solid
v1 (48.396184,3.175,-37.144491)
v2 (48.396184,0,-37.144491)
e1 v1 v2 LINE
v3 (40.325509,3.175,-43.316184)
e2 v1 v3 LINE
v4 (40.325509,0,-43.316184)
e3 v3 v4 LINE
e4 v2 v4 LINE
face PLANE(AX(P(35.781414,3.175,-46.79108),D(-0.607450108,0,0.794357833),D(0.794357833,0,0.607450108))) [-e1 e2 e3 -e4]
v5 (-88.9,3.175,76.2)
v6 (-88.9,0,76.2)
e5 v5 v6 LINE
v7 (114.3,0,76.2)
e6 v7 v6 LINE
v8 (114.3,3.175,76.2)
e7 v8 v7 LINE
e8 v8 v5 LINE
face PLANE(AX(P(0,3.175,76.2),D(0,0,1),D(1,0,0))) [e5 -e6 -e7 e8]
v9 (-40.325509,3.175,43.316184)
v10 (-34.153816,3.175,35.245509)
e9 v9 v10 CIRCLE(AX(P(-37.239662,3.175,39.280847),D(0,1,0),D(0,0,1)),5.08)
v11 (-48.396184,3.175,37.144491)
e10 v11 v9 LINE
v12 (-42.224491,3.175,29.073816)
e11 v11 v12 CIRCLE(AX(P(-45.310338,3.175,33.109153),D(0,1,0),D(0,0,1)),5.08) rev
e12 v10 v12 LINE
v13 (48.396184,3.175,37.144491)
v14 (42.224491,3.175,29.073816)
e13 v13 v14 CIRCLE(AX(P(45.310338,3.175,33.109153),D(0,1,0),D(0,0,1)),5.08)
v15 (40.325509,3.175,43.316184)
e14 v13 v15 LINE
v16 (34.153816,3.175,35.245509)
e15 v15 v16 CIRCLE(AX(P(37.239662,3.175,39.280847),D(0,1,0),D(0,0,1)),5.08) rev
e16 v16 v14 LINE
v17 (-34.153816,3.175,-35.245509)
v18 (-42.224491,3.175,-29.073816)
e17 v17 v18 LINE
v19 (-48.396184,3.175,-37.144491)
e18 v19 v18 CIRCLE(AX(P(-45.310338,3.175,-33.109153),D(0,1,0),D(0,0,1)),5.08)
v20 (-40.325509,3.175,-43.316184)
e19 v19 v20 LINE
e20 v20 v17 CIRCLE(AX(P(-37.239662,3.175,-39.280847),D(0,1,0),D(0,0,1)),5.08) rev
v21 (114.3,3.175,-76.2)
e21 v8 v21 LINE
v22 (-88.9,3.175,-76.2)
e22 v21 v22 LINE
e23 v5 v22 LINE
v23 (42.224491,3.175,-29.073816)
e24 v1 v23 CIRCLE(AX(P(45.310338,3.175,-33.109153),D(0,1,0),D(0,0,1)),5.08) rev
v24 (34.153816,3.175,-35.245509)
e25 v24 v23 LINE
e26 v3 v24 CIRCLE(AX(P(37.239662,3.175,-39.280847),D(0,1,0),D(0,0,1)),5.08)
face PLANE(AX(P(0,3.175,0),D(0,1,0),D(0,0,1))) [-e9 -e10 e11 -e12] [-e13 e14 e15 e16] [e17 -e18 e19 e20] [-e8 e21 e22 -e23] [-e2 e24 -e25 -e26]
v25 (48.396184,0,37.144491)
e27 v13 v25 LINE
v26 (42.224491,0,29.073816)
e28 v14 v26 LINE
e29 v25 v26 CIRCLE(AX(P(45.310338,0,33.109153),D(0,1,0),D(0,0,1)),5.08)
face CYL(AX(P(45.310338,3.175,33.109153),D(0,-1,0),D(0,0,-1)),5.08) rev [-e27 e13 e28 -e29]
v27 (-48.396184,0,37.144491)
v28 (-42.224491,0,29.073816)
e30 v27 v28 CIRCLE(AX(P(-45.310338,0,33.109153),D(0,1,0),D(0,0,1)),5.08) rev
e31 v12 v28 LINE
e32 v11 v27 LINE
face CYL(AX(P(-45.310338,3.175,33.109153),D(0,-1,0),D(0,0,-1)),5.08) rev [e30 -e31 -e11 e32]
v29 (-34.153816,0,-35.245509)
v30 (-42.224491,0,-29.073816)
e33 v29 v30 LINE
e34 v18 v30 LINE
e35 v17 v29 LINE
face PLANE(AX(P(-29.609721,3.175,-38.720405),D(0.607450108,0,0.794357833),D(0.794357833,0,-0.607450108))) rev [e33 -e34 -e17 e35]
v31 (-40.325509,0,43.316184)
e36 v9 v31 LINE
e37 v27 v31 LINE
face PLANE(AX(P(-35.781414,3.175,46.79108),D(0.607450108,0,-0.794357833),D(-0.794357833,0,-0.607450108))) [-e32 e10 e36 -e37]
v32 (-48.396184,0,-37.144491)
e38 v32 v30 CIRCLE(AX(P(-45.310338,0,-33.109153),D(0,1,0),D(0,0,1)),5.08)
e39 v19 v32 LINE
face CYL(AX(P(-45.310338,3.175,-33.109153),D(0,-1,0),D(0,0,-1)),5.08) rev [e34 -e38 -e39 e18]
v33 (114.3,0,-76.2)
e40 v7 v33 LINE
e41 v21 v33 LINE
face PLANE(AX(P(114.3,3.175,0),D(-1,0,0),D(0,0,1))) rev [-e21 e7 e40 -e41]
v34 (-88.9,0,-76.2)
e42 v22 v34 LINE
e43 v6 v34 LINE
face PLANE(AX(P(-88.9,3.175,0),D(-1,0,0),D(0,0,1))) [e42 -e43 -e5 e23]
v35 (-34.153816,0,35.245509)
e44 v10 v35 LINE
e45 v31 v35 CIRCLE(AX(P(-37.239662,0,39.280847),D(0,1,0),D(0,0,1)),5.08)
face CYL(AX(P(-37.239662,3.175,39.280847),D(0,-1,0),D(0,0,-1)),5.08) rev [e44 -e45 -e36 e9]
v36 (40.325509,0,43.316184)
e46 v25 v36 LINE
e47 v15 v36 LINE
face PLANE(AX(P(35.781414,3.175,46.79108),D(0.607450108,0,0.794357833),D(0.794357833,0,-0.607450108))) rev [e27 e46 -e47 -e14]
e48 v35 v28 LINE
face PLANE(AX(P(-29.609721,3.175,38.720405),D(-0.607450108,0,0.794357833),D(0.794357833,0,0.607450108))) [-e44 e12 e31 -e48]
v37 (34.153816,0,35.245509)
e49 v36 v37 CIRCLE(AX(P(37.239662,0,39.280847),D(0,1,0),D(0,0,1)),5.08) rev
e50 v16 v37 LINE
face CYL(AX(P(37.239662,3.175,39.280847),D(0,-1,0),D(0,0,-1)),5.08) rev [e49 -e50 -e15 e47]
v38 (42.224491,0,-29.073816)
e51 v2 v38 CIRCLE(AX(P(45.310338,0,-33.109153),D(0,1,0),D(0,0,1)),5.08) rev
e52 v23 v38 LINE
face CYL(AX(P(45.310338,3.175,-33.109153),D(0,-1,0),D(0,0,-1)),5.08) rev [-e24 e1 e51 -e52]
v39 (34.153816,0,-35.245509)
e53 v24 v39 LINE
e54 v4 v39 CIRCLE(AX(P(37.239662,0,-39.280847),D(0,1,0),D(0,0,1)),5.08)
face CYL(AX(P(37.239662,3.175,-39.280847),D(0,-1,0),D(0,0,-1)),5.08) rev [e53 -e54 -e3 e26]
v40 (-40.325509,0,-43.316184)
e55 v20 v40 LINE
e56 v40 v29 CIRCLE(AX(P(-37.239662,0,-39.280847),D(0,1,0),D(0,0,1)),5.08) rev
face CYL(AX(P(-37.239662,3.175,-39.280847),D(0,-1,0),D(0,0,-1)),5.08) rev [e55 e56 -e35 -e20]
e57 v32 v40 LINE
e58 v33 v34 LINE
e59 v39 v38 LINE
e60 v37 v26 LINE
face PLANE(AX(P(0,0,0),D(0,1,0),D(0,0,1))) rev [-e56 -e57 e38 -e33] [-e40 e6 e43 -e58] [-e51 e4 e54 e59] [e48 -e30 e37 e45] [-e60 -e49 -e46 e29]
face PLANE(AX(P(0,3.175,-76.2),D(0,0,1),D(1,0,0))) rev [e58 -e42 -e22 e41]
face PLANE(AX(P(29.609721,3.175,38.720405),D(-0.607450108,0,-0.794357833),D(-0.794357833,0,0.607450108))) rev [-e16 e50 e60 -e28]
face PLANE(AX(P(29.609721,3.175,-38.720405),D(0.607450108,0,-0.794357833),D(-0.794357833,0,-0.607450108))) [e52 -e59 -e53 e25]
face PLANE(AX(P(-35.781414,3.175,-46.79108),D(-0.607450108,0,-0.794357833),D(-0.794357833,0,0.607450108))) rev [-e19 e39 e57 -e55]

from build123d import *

# Parameters (mm, degrees)
SKETCH1_W           = 203.2
SKETCH1_H           = 152.4
BOSS_EXTRUDE1_DEPTH = 3.175


with BuildPart() as part:
    # Sketch1 → Boss-Extrude1 (new body)
    with BuildSketch(Plane(origin=(0, 0, 0), x_dir=(1, 0, 0), z_dir=(0, 1, 0))):
        with Locations((12.7, 0)):
            Rectangle(SKETCH1_W, SKETCH1_H)
        with BuildLine():
            Line((-48.396184338, 37.144491245), (-40.325508755, 43.316184338))
            ThreePointArc((-40.325508755, 43.316184338), (-33.204324417, 42.366693093), (-34.153815662, 35.245508755))
            Line((-34.153815662, 35.245508755), (-42.224491245, 29.073815662))
            ThreePointArc((-42.224491245, 29.073815662), (-49.345675583, 30.023306907), (-48.396184338, 37.144491245))
        make_face(mode=Mode.SUBTRACT)
        with BuildLine():
            Line((34.153815662, 35.245508755), (42.224491245, 29.073815662))
            ThreePointArc((42.224491245, 29.073815662), (49.345675583, 30.023306907), (48.396184338, 37.144491245))
            Line((48.396184338, 37.144491245), (40.325508755, 43.316184338))
            ThreePointArc((40.325508755, 43.316184338), (33.204324417, 42.366693093), (34.153815662, 35.245508755))
        make_face(mode=Mode.SUBTRACT)
        with BuildLine():
            Line((34.153815662, -35.245508755), (42.224491245, -29.073815662))
            ThreePointArc((42.224491245, -29.073815662), (49.345675583, -30.023306907), (48.396184338, -37.144491245))
            Line((48.396184338, -37.144491245), (40.325508755, -43.316184338))
            ThreePointArc((40.325508755, -43.316184338), (33.204324417, -42.366693093), (34.153815662, -35.245508755))
        make_face(mode=Mode.SUBTRACT)
        with BuildLine():
            Line((-48.396184338, -37.144491245), (-40.325508755, -43.316184338))
            ThreePointArc((-40.325508755, -43.316184338), (-33.204324417, -42.366693093), (-34.153815662, -35.245508755))
            Line((-34.153815662, -35.245508755), (-42.224491245, -29.073815662))
            ThreePointArc((-42.224491245, -29.073815662), (-49.345675583, -30.023306907), (-48.396184338, -37.144491245))
        make_face(mode=Mode.SUBTRACT)
    extrude(amount=BOSS_EXTRUDE1_DEPTH)


solid = part.part
